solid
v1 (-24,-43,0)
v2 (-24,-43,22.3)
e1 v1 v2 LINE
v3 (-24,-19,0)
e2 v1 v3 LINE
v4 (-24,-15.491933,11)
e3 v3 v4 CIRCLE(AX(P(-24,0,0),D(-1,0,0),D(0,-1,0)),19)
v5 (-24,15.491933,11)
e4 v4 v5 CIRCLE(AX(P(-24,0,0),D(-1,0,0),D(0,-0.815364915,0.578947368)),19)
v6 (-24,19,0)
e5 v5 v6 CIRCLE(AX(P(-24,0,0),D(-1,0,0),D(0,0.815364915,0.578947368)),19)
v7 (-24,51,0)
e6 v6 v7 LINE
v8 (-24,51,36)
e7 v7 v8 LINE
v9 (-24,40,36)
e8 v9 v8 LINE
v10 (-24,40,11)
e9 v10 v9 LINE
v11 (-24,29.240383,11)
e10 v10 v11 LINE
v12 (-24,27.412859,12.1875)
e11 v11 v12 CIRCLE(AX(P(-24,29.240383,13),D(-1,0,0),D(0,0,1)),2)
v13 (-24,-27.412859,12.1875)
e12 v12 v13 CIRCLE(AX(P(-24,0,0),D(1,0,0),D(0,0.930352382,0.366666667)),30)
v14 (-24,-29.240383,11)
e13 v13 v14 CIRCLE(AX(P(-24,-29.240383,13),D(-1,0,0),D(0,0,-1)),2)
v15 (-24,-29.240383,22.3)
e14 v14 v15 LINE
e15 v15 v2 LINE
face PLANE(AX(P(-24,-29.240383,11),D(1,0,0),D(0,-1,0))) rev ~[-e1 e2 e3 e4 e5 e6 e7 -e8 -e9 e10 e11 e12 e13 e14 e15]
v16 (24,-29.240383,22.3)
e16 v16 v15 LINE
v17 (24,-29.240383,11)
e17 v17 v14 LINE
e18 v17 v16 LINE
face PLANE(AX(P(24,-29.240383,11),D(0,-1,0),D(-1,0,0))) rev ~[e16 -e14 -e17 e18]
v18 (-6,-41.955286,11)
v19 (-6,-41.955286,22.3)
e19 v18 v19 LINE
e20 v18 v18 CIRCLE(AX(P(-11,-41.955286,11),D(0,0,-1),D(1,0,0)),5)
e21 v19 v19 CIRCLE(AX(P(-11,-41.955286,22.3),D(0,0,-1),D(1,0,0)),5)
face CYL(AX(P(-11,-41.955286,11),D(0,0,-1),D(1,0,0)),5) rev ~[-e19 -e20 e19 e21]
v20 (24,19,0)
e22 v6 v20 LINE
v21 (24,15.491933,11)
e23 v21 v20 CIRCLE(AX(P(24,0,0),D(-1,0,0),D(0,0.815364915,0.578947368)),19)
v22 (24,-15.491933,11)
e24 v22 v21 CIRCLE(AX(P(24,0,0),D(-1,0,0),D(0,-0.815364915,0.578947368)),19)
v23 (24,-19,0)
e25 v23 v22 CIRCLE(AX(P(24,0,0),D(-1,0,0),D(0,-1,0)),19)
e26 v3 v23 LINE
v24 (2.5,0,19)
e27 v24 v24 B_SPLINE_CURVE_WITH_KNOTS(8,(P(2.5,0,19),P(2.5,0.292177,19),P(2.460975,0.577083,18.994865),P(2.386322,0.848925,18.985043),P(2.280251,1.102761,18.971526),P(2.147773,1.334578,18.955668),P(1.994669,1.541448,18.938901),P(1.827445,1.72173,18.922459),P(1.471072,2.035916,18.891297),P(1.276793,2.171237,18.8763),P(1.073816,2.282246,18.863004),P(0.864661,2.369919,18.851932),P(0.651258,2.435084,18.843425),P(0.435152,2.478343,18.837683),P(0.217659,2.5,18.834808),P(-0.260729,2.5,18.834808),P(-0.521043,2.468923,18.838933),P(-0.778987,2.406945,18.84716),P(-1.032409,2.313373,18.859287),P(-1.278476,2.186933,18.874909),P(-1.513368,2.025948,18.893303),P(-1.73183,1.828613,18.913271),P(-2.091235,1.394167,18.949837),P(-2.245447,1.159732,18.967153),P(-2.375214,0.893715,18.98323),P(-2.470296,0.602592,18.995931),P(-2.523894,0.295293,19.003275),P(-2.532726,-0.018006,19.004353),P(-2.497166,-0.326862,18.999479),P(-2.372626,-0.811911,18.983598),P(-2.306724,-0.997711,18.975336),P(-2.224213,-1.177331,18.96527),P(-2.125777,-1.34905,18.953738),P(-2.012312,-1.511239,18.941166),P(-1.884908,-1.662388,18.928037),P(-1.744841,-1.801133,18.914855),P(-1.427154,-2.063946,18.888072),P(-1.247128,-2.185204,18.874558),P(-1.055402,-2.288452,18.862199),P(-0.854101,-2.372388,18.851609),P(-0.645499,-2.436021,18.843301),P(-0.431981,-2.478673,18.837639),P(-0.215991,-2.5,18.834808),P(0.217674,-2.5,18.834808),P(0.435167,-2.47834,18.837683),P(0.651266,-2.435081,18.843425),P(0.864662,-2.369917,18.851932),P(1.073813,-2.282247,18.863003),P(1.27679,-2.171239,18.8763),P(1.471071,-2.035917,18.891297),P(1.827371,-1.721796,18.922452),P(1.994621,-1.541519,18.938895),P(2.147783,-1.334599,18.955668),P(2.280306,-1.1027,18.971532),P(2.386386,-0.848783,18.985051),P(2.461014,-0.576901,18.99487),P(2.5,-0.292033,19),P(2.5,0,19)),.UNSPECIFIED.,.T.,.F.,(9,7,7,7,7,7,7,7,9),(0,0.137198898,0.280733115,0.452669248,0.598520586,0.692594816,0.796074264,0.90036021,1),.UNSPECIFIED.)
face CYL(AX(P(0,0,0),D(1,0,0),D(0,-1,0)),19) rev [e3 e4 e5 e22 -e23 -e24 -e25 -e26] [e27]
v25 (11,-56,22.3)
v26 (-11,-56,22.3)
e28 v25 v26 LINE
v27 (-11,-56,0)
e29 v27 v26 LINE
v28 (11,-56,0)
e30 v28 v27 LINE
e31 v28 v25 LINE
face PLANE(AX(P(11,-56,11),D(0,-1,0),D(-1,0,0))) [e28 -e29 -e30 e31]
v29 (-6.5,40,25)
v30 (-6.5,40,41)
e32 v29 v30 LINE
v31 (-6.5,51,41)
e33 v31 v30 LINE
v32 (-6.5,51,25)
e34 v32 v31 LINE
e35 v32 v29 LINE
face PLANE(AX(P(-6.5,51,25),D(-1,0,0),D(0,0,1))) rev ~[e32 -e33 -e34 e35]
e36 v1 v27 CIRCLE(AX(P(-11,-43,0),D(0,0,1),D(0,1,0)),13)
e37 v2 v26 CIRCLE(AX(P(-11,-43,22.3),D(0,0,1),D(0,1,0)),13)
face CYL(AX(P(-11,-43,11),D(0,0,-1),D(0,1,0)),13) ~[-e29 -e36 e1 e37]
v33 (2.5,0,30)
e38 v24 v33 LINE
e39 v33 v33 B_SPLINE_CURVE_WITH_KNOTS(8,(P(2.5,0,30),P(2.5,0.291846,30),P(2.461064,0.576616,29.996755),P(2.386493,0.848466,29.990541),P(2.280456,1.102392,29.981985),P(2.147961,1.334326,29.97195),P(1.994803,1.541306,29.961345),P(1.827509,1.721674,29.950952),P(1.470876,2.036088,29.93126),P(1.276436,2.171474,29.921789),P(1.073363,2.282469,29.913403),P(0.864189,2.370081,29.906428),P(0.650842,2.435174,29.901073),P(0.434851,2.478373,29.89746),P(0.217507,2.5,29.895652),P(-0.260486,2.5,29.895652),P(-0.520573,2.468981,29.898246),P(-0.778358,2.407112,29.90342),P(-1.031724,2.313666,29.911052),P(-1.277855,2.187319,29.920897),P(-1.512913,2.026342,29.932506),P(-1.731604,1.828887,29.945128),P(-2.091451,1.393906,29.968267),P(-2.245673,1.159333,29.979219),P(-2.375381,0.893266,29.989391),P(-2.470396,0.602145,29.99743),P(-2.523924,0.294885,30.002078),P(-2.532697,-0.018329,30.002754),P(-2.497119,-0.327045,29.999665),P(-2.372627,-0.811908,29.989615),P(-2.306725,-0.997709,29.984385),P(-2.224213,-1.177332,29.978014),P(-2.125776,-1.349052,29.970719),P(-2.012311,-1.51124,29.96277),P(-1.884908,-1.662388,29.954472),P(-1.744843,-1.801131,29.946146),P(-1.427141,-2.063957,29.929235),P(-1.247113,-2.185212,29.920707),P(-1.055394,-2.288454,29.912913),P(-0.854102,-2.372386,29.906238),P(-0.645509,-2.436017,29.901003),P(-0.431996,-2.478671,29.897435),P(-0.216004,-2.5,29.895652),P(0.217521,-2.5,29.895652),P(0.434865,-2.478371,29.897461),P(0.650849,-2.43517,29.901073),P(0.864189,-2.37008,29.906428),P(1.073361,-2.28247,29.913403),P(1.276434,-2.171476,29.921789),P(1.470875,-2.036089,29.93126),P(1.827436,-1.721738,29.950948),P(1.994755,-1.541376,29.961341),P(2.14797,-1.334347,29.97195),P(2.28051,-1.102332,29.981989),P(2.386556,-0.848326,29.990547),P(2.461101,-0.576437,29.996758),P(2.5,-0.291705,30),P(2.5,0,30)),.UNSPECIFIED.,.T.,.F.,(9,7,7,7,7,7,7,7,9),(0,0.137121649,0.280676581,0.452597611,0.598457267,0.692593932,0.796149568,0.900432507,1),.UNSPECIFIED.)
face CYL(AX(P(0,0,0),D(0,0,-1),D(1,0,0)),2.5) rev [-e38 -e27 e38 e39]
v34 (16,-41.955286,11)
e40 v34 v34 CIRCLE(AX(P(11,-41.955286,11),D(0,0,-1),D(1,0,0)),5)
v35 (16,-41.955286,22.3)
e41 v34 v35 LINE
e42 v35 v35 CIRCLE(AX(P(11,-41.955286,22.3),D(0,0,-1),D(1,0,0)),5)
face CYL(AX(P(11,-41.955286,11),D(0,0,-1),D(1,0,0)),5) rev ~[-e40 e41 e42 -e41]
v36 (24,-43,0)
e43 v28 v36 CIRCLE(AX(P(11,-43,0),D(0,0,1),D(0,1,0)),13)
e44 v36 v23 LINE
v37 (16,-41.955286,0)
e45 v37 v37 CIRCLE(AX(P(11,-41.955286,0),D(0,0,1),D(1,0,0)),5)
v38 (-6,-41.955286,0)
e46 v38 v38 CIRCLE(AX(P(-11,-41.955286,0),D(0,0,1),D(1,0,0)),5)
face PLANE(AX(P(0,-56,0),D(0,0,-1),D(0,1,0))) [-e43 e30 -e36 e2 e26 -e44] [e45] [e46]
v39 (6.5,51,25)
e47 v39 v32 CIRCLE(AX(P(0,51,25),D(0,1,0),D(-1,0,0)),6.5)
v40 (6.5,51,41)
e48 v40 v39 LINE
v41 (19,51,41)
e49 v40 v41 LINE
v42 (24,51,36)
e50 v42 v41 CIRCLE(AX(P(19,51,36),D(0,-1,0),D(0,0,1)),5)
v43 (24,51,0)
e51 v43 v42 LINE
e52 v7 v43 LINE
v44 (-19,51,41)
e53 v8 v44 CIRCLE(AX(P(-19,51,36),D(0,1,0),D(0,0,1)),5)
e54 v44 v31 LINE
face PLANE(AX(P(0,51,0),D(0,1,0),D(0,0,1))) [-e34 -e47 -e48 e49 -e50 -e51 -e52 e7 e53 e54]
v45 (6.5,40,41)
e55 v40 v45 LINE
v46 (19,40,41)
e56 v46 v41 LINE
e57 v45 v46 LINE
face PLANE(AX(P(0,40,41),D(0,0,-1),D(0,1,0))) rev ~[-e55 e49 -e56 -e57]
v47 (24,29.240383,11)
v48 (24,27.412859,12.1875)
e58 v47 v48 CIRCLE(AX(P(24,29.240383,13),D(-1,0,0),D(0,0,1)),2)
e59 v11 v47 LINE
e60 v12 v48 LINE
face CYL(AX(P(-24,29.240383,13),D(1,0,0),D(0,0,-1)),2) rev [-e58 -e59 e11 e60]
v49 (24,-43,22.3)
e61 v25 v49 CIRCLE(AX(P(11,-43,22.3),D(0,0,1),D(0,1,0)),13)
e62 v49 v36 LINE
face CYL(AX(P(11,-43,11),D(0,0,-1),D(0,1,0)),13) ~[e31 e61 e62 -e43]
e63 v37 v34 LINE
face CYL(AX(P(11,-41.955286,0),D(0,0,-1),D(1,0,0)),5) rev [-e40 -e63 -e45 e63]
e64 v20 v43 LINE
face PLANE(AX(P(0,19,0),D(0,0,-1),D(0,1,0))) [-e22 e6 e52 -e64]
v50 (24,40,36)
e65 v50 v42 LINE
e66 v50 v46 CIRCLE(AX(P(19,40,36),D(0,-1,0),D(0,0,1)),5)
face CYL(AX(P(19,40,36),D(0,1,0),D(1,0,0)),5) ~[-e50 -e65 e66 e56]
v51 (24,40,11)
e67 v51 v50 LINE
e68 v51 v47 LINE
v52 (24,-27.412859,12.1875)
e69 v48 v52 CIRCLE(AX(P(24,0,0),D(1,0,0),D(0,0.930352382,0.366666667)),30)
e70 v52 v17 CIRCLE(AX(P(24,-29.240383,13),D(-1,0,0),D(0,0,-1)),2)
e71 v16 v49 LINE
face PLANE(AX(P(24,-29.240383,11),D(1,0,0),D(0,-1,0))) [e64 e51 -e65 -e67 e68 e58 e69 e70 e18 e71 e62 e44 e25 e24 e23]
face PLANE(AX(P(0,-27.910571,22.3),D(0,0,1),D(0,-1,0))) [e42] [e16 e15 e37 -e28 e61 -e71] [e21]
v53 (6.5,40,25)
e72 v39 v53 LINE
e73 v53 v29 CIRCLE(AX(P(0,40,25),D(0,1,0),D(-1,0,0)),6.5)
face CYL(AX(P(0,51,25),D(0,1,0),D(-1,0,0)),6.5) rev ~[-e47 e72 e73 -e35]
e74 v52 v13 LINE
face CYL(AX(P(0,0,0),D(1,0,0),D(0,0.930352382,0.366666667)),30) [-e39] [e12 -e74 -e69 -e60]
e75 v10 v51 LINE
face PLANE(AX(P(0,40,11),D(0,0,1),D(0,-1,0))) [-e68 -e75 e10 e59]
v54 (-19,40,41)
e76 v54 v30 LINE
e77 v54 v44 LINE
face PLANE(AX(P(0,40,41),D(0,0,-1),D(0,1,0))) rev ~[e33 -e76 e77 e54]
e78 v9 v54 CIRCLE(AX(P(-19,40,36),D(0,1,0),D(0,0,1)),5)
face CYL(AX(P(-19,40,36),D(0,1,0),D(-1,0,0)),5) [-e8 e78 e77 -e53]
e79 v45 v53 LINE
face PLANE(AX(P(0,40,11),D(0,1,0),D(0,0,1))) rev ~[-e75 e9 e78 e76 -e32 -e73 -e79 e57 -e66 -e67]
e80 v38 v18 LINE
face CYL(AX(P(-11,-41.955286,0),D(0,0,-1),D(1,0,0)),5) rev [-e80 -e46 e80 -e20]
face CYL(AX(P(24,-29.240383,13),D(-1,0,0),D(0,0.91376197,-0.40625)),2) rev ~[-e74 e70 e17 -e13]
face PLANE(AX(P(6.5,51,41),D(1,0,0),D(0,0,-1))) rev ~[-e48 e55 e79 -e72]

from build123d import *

# Parameters (mm, degrees)
F0_W     = 11
F0_H     = 30
F1_DEPTH = 24
F3_DEPTH = 11
F4_R     = 2.5
F4_R_2   = 5
F5_DEPTH = 41.001
F6_R     = 13
F7_R     = 5
F8_R     = 2
F9_DEPTH = 11.3


with BuildPart() as f1:
    # F0 (on Right) → F1 (new body, symmetric)
    with BuildSketch(Plane.YZ):
        with BuildLine():
            Line((-56, 0), (-30, 0))
            ThreePointArc((-30, 0), (-29.4730143031, 5.5983415304), (-27.9105714739, 11))
            Line((-27.9105714739, 11), (-56, 11))
            Line((-56, 11), (-56, 0))
        make_face()
        with BuildLine():
            Line((-30, 0), (-19, 0))
            ThreePointArc((-19, 0), (-18.1017503893, 5.7729223833), (-15.4919333848, 11))
            Line((-15.4919333848, 11), (-27.9105714739, 11))
            ThreePointArc((-27.9105714739, 11), (-29.4730143031, 5.5983415304), (-30, 0))
        make_face()
        with BuildLine():
            ThreePointArc((15.4919333848, 11), (18.1017503893, 5.7729223833), (19, 0))
            Line((19, 0), (30, 0))
            ThreePointArc((30, 0), (29.4730143031, 5.5983415304), (27.9105714739, 11))
            Line((27.9105714739, 11), (15.4919333848, 11))
        make_face()
        with BuildLine():
            ThreePointArc((-15.4919333848, 11), (0, 19), (15.4919333848, 11))
            Line((15.4919333848, 11), (27.9105714739, 11))
            ThreePointArc((27.9105714739, 11), (0, 30), (-27.9105714739, 11))
            Line((-27.9105714739, 11), (-15.4919333848, 11))
        make_face()
        with BuildLine():
            ThreePointArc((27.9105714739, 11), (29.4730143031, 5.5983415304), (30, 0))
            Line((30, 0), (51, 0))
            Line((51, 0), (51, 11))
            Line((51, 11), (40, 11))
            Line((40, 11), (27.9105714739, 11))
        make_face()
        with Locations((45.5, 26)):
            Rectangle(F0_W, F0_H)
    extrude(amount=F1_DEPTH, both=True)

    # F2 (on face) → F3 (cut, through all)
    with BuildSketch(Plane(origin=(0, 51, 0), x_dir=(-1, 0, 0), z_dir=(0, 1, 0))):
        with BuildLine():
            ThreePointArc((-6.5, 25), (0, 18.5), (6.5, 25))
            ThreePointArc((6.5, 25), (0, 31.5), (-6.5, 25))
        make_face()
        with BuildLine():
            ThreePointArc((-6.5, 25), (0, 31.5), (6.5, 25))
            Line((6.5, 25), (6.5, 41))
            Line((6.5, 41), (-6.5, 41))
            Line((-6.5, 41), (-6.5, 25))
        make_face()
    extrude(amount=-F3_DEPTH, mode=Mode.SUBTRACT)

    # F4 (on Top) → F5 (cut, through all)
    with BuildSketch(Plane.XY):
        Circle(F4_R)
        with Locations((-11, -41.955285737)):
            Circle(F4_R_2)
        with Locations((11, -41.955285737)):
            Circle(F4_R_2)
    extrude(amount=F5_DEPTH, mode=Mode.SUBTRACT)

    # F6
    f6_edges = [f1.edges().sort_by_distance(p)[0] for p in [
        (24, -56, 5.5),
        (-24, -56, 5.5),
    ]]
    fillet(f6_edges, radius=F6_R)

    # F7
    f7_edges = [f1.edges().sort_by_distance(p)[0] for p in [
        (24, 45.5, 41),
        (-24, 45.5, 41),
    ]]
    fillet(f7_edges, radius=F7_R)

    # F8
    f8_edges = [f1.edges().sort_by_distance(p)[0] for p in [
        (0, -27.910571, 11),
        (0, 27.910571, 11),
    ]]
    fillet(f8_edges, radius=F8_R)

    # F9 (add): a face of the model
    f9_faces = [f1.faces().sort_by_distance(p)[0] for p in [
        (0, -41.9988312455, 11),
    ]]
    extrude(f9_faces, amount=F9_DEPTH)


solid = f1.part
